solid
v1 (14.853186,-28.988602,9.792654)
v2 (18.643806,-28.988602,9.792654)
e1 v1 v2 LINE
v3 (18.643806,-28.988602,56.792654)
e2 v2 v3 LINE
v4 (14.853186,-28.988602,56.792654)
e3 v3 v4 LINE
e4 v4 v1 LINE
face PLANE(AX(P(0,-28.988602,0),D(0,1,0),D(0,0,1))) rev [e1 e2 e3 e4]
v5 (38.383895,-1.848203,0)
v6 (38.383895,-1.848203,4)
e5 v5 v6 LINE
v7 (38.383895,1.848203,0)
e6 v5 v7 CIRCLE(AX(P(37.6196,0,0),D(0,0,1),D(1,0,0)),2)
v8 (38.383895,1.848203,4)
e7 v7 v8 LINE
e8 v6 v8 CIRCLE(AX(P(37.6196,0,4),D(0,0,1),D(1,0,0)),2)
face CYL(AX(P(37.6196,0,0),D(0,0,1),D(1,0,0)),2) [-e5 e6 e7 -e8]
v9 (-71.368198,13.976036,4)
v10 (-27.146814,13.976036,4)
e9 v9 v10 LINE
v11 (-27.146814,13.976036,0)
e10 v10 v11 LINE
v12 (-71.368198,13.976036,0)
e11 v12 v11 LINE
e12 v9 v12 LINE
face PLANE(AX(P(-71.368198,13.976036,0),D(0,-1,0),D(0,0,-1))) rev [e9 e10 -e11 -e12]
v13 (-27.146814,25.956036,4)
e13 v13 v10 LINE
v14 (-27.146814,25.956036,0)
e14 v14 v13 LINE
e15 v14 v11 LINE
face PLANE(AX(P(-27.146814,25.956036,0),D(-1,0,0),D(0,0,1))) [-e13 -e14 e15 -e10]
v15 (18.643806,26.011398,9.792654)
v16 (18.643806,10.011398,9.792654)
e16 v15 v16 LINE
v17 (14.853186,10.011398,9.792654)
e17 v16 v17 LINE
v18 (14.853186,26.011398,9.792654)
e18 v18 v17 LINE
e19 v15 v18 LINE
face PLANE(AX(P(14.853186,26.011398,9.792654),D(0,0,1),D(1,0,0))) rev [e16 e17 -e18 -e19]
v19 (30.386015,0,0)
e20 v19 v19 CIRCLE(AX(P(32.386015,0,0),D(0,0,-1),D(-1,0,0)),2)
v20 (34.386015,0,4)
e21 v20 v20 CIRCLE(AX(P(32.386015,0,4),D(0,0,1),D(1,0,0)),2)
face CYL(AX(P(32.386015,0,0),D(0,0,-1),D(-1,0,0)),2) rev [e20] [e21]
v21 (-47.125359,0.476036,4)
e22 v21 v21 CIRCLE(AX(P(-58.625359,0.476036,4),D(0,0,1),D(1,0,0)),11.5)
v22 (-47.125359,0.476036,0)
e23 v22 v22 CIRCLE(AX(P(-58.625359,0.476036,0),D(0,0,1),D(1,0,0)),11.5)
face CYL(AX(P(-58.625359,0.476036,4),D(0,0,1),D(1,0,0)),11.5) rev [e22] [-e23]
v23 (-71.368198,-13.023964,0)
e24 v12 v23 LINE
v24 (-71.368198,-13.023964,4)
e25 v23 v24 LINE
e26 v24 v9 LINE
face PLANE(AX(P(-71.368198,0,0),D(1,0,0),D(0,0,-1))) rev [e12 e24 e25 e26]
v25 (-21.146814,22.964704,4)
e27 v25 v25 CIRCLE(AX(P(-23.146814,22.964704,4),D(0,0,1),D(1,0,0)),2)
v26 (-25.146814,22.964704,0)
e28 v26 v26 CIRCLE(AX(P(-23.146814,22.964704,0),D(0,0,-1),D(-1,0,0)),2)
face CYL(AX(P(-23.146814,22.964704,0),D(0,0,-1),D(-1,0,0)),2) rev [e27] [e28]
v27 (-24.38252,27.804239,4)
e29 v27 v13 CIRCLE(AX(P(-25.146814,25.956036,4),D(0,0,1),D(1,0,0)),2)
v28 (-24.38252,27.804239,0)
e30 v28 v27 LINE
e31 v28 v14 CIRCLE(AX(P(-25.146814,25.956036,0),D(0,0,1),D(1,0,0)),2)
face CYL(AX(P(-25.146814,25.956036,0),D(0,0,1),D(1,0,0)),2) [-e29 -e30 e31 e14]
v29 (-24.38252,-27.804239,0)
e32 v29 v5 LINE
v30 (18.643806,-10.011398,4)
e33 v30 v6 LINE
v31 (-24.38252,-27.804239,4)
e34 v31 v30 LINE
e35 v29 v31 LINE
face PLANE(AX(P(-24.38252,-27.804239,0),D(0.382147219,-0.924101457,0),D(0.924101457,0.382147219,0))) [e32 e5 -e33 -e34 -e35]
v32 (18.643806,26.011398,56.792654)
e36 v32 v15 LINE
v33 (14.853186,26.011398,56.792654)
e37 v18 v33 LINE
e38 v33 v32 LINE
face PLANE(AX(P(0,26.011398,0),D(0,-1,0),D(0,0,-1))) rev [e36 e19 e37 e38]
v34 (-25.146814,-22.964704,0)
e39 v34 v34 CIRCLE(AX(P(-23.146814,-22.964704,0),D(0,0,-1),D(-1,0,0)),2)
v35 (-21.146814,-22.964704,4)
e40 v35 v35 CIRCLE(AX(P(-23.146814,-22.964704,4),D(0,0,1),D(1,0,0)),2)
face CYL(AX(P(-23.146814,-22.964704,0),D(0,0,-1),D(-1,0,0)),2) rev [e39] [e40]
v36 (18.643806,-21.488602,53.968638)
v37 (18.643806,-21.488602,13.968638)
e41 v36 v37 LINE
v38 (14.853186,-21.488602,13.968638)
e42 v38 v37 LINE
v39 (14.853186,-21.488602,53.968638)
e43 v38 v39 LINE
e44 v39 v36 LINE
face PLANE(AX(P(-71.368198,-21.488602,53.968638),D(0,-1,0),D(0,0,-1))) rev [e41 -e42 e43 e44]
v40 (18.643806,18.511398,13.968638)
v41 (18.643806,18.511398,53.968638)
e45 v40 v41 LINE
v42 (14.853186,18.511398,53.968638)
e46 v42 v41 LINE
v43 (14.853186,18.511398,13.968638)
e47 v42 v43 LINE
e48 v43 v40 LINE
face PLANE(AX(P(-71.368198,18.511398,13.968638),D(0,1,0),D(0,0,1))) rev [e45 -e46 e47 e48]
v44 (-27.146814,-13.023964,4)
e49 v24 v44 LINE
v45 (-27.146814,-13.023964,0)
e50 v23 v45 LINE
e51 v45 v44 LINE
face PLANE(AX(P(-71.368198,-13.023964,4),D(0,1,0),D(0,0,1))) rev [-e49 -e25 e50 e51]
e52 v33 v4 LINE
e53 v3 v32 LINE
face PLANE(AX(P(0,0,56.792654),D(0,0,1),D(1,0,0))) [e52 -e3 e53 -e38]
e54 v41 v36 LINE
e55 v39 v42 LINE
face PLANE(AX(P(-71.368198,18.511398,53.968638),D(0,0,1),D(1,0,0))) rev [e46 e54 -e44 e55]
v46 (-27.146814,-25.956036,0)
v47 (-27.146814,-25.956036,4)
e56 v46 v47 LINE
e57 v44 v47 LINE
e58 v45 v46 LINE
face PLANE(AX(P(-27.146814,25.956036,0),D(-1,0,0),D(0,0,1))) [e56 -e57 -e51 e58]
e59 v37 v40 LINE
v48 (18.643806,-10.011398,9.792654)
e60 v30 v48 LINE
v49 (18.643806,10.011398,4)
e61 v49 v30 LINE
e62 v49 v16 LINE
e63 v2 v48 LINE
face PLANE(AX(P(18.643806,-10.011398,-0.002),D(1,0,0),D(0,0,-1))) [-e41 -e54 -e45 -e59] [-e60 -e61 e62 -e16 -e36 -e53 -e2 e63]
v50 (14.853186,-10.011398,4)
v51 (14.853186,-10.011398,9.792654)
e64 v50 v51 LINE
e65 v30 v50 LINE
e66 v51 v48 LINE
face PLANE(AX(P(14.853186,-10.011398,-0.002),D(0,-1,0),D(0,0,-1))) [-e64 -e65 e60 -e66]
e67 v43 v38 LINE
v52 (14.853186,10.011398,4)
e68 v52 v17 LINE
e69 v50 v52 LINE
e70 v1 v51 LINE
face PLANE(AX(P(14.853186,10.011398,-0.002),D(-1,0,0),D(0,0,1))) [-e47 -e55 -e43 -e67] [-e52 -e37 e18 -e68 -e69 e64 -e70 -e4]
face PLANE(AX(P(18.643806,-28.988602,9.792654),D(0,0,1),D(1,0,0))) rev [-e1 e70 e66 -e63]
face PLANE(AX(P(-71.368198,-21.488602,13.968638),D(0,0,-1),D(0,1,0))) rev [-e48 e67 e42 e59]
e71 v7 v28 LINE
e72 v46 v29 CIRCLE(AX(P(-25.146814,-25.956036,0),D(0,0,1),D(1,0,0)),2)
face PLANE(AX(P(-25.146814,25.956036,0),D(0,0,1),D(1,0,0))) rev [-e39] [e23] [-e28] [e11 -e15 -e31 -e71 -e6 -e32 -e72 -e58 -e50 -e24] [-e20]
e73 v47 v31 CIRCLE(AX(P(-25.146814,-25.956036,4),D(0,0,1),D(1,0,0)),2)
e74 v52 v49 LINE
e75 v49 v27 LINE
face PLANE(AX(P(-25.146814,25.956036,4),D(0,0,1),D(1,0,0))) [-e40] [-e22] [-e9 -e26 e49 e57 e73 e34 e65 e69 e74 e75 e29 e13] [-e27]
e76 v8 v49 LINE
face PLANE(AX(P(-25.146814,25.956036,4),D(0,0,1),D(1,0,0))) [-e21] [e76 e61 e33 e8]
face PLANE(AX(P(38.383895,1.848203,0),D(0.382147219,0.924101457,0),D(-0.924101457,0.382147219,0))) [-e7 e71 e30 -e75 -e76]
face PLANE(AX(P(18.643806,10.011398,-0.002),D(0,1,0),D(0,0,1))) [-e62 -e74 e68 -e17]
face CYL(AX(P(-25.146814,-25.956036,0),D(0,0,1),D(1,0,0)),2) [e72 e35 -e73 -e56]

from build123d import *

# Parameters (mm, degrees)
Y_KSEKLIK_EKSTR_ZYON1_DEPTH = 4
IZIM2_W                     = 4
IZIM2_H                     = 27
Y_KSEKLIK_EKSTR_ZYON2_DEPTH = 44.221383782
Y_KSEKLIK_EKSTR_ZYON3_REACH = 97.396
IZIM3_W                     = 3.790620303
IZIM3_H                     = 20.022795238
IZIM4_W                     = 3.790620303
IZIM4_H                     = 47
Y_KSEKLIK_EKSTR_ZYON4_DEPTH = 16
IZIM5_W                     = 3.790620303
IZIM5_H                     = 47
Y_KSEKLIK_EKSTR_ZYON5_DEPTH = 18.977204763
IZIM6_W                     = 40
IZIM6_H                     = 40
KES_EKSTR_ZYON1_DEPTH       = 111.308229444
F_23_0_23_AP_DELIK1_D       = 23
F_4_0_4_AP_DELIK1_D         = 4
F_4_0_4_AP_DELIK1_DEPTH     = 56.792653887


with BuildPart() as part:
    # Çizim1 → Yükseklik-Ekstrüzyon1 (new body)
    with BuildSketch(Plane.XY.offset(4)):
        with BuildLine():
            Line((-27.146814404, 25.956036228), (-27.146814404, -25.956036228))
            ThreePointArc((-27.146814404, -25.956036228), (-26.258437345, -27.618652972), (-24.382519966, -27.804239142))
            Line((-24.382519966, -27.804239142), (38.383894912, -1.848202914))
            ThreePointArc((38.383894912, -1.848202914), (39.619600474, 0), (38.383894912, 1.848202914))
            Line((38.383894912, 1.848202914), (-24.382519966, 27.804239142))
            ThreePointArc((-24.382519966, 27.804239142), (-26.258437345, 27.618652972), (-27.146814404, 25.956036228))
        make_face()
    extrude(amount=-Y_KSEKLIK_EKSTR_ZYON1_DEPTH)

    # Çizim2 → Yükseklik-Ekstrüzyon2 (add)
    with BuildSketch(Plane.ZY.offset(27.146814404)):
        with Locations((2, 0.476036228)):
            Rectangle(IZIM2_W, IZIM2_H)
    extrude(amount=Y_KSEKLIK_EKSTR_ZYON2_DEPTH)

    # Çizim3 → Yükseklik-Ekstrüzyon3 (add, up to next)
    with BuildSketch(Plane.XY.offset(56.792653887), mode=Mode.PRIVATE) as y_kseklik_ekstr_zyon3_sk1:
        with Locations((16.748495748, 0)):
            Rectangle(IZIM3_W, IZIM3_H)
    y_kseklik_ekstr_zyon3_tool1 = extrude(y_kseklik_ekstr_zyon3_sk1.sketch, amount=-Y_KSEKLIK_EKSTR_ZYON3_REACH, mode=Mode.PRIVATE) - part.part
    add(y_kseklik_ekstr_zyon3_tool1.solids().sort_by_distance((16.748496, 0, 56.792654))[0])

    # Çizim4 → Yükseklik-Ekstrüzyon4 (add)
    with BuildSketch(Plane(origin=(0, 10.011397619, 0), x_dir=(-1, 0, 0), z_dir=(0, 1, 0))):
        with Locations((-16.748495748, 33.292653887)):
            Rectangle(IZIM4_W, IZIM4_H)
    extrude(amount=Y_KSEKLIK_EKSTR_ZYON4_DEPTH)

    # Çizim5 → Yükseklik-Ekstrüzyon5 (add)
    with BuildSketch(Plane.XZ.offset(10.011397619)):
        with Locations((16.748495748, 33.292653887)):
            Rectangle(IZIM5_W, IZIM5_H)
    extrude(amount=Y_KSEKLIK_EKSTR_ZYON5_DEPTH)

    # Çizim6 → Kes-Ekstrüzyon1 (cut, through all)
    with BuildSketch(Plane(origin=(18.643805899, 0, 0), x_dir=(0, 0, -1), z_dir=(1, 0, 0))):
        with Locations((-33.968638069, -1.488602381)):
            Rectangle(IZIM6_W, IZIM6_H)
    extrude(amount=-KES_EKSTR_ZYON1_DEPTH, mode=Mode.SUBTRACT)

    # Ø23.0 (23) Çap Delik1 (through all)
    with Locations(Plane.XY.offset(4)):
        with Locations((-58.625359309, 0.476036228)):
            Hole(F_23_0_23_AP_DELIK1_D / 2)

    # Ø4.0 (4) Çap Delik1
    with Locations(Plane(origin=(0, 0, 0), x_dir=(-1, 0, 0), z_dir=(0, 0, -1))):
        with Locations((23.146814404, -22.964704035), (23.146814404, 22.964704035), (-32.386015353, 0)):
            Hole(F_4_0_4_AP_DELIK1_D / 2, depth=F_4_0_4_AP_DELIK1_DEPTH)


solid = part.part
